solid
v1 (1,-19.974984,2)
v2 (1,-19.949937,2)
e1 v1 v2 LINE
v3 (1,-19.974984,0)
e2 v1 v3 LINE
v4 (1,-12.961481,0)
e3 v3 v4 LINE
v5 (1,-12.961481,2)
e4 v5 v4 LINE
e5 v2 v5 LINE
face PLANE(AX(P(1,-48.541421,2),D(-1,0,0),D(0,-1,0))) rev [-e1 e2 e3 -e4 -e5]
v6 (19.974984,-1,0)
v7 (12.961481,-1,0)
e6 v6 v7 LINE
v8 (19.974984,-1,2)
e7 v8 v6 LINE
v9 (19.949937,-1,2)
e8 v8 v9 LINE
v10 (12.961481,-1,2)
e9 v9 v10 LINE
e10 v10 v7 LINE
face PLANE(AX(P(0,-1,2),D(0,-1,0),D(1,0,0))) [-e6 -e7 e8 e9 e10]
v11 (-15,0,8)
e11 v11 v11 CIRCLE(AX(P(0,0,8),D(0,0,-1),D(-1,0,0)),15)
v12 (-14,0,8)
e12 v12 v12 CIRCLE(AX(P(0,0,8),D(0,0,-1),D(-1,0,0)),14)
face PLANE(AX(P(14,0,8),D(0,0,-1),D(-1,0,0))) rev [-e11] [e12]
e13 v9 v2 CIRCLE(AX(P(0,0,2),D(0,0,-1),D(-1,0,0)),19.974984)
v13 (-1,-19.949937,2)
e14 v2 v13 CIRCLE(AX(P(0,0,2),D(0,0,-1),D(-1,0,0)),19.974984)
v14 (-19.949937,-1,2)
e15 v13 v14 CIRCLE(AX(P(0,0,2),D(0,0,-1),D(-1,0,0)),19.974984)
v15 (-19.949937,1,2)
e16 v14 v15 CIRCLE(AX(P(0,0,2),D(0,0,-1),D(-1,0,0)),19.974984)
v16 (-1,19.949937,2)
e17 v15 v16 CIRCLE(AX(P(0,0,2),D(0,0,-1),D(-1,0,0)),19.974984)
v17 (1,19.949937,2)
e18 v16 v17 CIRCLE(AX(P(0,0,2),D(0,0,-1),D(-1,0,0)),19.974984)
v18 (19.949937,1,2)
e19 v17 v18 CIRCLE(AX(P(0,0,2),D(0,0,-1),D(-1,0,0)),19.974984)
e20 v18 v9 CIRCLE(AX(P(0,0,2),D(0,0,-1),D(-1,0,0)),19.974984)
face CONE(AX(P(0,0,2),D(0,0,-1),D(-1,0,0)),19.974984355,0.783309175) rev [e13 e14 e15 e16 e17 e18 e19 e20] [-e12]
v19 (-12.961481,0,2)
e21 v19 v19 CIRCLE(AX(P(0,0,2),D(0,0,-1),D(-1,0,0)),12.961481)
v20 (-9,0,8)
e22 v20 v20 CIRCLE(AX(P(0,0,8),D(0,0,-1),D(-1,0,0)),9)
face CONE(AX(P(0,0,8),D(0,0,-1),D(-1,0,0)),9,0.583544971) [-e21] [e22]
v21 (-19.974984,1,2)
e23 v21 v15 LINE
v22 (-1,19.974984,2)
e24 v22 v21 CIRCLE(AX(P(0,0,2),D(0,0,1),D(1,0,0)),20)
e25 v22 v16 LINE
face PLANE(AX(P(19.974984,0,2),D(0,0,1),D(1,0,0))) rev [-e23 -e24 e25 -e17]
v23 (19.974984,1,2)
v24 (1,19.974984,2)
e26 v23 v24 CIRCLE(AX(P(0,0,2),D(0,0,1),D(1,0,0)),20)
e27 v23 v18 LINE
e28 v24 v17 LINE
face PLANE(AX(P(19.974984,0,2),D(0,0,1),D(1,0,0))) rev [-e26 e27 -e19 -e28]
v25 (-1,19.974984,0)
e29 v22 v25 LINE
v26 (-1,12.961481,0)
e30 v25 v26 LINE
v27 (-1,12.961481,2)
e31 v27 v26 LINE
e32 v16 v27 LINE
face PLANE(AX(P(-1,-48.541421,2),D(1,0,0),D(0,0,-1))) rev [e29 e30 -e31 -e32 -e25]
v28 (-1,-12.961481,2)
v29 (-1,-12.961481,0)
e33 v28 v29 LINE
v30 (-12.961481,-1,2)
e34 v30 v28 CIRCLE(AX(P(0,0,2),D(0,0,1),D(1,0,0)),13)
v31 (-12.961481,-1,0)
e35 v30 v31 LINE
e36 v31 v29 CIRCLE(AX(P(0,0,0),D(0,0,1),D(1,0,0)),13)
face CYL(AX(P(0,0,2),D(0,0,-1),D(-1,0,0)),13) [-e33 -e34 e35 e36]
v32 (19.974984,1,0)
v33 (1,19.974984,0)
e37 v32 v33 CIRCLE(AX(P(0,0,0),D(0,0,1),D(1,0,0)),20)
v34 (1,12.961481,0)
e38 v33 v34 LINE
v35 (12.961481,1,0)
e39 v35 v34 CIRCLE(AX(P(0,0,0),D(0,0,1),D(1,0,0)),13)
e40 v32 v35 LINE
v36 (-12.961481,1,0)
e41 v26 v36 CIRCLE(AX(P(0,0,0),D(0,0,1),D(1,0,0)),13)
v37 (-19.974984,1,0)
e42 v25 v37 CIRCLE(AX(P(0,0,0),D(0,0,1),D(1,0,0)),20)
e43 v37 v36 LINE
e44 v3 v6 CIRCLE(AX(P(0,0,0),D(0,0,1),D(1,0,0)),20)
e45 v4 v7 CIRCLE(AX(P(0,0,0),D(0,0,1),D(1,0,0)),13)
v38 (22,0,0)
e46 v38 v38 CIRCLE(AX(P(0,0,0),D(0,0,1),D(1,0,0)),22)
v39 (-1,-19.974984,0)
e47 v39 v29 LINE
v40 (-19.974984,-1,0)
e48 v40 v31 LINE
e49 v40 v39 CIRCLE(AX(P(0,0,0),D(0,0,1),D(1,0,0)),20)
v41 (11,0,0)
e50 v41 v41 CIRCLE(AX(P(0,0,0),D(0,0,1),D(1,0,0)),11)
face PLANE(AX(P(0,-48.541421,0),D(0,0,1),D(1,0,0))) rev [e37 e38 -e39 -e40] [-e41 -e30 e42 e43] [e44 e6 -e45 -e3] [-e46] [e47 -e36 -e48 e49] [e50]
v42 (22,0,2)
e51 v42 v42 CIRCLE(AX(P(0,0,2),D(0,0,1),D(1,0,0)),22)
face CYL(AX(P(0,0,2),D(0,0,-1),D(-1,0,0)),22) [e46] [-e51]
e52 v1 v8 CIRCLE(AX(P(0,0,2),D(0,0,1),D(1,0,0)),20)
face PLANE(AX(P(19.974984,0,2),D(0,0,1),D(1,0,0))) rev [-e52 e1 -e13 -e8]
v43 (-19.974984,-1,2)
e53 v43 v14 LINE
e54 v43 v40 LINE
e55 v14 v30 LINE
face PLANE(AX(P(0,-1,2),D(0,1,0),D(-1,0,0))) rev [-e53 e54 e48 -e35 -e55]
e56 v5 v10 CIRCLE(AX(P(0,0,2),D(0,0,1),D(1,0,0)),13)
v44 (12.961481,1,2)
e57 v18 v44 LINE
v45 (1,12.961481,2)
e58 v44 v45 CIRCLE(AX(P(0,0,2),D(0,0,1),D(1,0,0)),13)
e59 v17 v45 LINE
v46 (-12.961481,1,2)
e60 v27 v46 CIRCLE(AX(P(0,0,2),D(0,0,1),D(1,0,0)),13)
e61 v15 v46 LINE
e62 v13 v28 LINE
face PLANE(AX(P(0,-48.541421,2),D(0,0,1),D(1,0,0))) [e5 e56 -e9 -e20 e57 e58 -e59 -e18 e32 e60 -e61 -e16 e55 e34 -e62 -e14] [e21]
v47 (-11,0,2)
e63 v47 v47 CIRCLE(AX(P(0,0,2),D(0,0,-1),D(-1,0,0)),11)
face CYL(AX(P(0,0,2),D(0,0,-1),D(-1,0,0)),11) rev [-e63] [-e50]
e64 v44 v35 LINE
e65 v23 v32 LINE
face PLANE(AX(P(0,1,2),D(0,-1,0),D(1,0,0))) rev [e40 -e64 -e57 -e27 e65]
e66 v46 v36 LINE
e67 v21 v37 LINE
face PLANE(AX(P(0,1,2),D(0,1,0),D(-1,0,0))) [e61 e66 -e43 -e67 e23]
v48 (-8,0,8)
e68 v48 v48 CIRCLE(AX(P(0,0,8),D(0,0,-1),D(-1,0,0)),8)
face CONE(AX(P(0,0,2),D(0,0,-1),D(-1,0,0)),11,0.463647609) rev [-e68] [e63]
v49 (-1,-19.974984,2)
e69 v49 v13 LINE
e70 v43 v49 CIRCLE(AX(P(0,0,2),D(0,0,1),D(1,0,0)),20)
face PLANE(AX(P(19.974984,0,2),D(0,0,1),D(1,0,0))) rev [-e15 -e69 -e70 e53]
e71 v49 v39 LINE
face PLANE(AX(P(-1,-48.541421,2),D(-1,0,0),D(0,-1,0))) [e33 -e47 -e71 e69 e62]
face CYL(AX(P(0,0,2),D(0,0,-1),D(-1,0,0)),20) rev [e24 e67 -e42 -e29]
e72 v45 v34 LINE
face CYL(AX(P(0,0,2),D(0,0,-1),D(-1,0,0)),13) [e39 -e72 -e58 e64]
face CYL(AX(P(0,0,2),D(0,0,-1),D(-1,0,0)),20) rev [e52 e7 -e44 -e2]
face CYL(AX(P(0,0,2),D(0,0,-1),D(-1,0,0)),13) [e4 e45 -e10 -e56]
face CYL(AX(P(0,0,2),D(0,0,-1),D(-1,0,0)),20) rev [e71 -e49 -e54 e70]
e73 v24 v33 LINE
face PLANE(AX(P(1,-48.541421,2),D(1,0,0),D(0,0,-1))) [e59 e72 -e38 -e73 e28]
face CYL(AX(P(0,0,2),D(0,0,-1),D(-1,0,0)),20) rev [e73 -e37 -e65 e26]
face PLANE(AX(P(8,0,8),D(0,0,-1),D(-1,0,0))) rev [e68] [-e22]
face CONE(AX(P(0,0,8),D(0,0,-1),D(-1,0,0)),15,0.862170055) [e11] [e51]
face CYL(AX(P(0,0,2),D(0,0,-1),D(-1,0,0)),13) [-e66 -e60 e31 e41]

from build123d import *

# Parameters (mm, degrees)
SKETCH_2_R      = 22
SKETCH_2_R_2    = 11
EXTRUDE_1_DEPTH = 2


with BuildPart() as part:
    # Эскиз2 → Бобышка-Вытянуть1 (new body)
    with BuildSketch(Plane.XY):
        Circle(SKETCH_2_R)
        with BuildLine():
            Line((12.961481397, -1), (19.974984355, -1))
            ThreePointArc((19.974984355, -1), (14.142135624, -14.142135624), (1, -19.974984355))
            Line((1, -19.974984355), (1, -12.961481397))
            ThreePointArc((1, -12.961481397), (9.192388155, -9.192388155), (12.961481397, -1))
        make_face(mode=Mode.SUBTRACT)
        with BuildLine():
            Line((19.974984355, 1), (12.961481397, 1))
            ThreePointArc((12.961481397, 1), (9.192388155, 9.192388155), (1, 12.961481397))
            Line((1, 12.961481397), (1, 19.974984355))
            ThreePointArc((1, 19.974984355), (14.142135624, 14.142135624), (19.974984355, 1))
        make_face(mode=Mode.SUBTRACT)
        with BuildLine():
            Line((-1, 19.974984355), (-1, 12.961481397))
            ThreePointArc((-1, 12.961481397), (-9.192388155, 9.192388155), (-12.961481397, 1))
            Line((-12.961481397, 1), (-19.974984355, 1))
            ThreePointArc((-19.974984355, 1), (-14.142135624, 14.142135624), (-1, 19.974984355))
        make_face(mode=Mode.SUBTRACT)
        with BuildLine():
            Line((-19.974984355, -1), (-12.961481397, -1))
            ThreePointArc((-12.961481397, -1), (-9.192388155, -9.192388155), (-1, -12.961481397))
            Line((-1, -12.961481397), (-1, -19.974984355))
            ThreePointArc((-1, -19.974984355), (-14.142135624, -14.142135624), (-19.974984355, -1))
        make_face(mode=Mode.SUBTRACT)
        Circle(SKETCH_2_R_2, mode=Mode.SUBTRACT)
    extrude(amount=EXTRUDE_1_DEPTH)

    # Эскиз4 → Повернуть1 (revolve)
    with BuildSketch(Plane(origin=(0, 0, 0), x_dir=(1, 0, 0), z_dir=(0, 1, 0)), mode=Mode.PRIVATE) as revolve_1_sk:
        Polygon((11, -2), (8, -8), (9, -8), (12.961481397, -2), align=None)
        Polygon((14, -8), (19.974984355, -2), (22, -2), (15, -8), align=None)
    revolve(revolve_1_sk.sketch.rotate(Axis((0, 0, -0.4), (0, 0, 1)), 180), axis=Axis((0, 0, -0.4), (0, 0, 1)))


solid = part.part
